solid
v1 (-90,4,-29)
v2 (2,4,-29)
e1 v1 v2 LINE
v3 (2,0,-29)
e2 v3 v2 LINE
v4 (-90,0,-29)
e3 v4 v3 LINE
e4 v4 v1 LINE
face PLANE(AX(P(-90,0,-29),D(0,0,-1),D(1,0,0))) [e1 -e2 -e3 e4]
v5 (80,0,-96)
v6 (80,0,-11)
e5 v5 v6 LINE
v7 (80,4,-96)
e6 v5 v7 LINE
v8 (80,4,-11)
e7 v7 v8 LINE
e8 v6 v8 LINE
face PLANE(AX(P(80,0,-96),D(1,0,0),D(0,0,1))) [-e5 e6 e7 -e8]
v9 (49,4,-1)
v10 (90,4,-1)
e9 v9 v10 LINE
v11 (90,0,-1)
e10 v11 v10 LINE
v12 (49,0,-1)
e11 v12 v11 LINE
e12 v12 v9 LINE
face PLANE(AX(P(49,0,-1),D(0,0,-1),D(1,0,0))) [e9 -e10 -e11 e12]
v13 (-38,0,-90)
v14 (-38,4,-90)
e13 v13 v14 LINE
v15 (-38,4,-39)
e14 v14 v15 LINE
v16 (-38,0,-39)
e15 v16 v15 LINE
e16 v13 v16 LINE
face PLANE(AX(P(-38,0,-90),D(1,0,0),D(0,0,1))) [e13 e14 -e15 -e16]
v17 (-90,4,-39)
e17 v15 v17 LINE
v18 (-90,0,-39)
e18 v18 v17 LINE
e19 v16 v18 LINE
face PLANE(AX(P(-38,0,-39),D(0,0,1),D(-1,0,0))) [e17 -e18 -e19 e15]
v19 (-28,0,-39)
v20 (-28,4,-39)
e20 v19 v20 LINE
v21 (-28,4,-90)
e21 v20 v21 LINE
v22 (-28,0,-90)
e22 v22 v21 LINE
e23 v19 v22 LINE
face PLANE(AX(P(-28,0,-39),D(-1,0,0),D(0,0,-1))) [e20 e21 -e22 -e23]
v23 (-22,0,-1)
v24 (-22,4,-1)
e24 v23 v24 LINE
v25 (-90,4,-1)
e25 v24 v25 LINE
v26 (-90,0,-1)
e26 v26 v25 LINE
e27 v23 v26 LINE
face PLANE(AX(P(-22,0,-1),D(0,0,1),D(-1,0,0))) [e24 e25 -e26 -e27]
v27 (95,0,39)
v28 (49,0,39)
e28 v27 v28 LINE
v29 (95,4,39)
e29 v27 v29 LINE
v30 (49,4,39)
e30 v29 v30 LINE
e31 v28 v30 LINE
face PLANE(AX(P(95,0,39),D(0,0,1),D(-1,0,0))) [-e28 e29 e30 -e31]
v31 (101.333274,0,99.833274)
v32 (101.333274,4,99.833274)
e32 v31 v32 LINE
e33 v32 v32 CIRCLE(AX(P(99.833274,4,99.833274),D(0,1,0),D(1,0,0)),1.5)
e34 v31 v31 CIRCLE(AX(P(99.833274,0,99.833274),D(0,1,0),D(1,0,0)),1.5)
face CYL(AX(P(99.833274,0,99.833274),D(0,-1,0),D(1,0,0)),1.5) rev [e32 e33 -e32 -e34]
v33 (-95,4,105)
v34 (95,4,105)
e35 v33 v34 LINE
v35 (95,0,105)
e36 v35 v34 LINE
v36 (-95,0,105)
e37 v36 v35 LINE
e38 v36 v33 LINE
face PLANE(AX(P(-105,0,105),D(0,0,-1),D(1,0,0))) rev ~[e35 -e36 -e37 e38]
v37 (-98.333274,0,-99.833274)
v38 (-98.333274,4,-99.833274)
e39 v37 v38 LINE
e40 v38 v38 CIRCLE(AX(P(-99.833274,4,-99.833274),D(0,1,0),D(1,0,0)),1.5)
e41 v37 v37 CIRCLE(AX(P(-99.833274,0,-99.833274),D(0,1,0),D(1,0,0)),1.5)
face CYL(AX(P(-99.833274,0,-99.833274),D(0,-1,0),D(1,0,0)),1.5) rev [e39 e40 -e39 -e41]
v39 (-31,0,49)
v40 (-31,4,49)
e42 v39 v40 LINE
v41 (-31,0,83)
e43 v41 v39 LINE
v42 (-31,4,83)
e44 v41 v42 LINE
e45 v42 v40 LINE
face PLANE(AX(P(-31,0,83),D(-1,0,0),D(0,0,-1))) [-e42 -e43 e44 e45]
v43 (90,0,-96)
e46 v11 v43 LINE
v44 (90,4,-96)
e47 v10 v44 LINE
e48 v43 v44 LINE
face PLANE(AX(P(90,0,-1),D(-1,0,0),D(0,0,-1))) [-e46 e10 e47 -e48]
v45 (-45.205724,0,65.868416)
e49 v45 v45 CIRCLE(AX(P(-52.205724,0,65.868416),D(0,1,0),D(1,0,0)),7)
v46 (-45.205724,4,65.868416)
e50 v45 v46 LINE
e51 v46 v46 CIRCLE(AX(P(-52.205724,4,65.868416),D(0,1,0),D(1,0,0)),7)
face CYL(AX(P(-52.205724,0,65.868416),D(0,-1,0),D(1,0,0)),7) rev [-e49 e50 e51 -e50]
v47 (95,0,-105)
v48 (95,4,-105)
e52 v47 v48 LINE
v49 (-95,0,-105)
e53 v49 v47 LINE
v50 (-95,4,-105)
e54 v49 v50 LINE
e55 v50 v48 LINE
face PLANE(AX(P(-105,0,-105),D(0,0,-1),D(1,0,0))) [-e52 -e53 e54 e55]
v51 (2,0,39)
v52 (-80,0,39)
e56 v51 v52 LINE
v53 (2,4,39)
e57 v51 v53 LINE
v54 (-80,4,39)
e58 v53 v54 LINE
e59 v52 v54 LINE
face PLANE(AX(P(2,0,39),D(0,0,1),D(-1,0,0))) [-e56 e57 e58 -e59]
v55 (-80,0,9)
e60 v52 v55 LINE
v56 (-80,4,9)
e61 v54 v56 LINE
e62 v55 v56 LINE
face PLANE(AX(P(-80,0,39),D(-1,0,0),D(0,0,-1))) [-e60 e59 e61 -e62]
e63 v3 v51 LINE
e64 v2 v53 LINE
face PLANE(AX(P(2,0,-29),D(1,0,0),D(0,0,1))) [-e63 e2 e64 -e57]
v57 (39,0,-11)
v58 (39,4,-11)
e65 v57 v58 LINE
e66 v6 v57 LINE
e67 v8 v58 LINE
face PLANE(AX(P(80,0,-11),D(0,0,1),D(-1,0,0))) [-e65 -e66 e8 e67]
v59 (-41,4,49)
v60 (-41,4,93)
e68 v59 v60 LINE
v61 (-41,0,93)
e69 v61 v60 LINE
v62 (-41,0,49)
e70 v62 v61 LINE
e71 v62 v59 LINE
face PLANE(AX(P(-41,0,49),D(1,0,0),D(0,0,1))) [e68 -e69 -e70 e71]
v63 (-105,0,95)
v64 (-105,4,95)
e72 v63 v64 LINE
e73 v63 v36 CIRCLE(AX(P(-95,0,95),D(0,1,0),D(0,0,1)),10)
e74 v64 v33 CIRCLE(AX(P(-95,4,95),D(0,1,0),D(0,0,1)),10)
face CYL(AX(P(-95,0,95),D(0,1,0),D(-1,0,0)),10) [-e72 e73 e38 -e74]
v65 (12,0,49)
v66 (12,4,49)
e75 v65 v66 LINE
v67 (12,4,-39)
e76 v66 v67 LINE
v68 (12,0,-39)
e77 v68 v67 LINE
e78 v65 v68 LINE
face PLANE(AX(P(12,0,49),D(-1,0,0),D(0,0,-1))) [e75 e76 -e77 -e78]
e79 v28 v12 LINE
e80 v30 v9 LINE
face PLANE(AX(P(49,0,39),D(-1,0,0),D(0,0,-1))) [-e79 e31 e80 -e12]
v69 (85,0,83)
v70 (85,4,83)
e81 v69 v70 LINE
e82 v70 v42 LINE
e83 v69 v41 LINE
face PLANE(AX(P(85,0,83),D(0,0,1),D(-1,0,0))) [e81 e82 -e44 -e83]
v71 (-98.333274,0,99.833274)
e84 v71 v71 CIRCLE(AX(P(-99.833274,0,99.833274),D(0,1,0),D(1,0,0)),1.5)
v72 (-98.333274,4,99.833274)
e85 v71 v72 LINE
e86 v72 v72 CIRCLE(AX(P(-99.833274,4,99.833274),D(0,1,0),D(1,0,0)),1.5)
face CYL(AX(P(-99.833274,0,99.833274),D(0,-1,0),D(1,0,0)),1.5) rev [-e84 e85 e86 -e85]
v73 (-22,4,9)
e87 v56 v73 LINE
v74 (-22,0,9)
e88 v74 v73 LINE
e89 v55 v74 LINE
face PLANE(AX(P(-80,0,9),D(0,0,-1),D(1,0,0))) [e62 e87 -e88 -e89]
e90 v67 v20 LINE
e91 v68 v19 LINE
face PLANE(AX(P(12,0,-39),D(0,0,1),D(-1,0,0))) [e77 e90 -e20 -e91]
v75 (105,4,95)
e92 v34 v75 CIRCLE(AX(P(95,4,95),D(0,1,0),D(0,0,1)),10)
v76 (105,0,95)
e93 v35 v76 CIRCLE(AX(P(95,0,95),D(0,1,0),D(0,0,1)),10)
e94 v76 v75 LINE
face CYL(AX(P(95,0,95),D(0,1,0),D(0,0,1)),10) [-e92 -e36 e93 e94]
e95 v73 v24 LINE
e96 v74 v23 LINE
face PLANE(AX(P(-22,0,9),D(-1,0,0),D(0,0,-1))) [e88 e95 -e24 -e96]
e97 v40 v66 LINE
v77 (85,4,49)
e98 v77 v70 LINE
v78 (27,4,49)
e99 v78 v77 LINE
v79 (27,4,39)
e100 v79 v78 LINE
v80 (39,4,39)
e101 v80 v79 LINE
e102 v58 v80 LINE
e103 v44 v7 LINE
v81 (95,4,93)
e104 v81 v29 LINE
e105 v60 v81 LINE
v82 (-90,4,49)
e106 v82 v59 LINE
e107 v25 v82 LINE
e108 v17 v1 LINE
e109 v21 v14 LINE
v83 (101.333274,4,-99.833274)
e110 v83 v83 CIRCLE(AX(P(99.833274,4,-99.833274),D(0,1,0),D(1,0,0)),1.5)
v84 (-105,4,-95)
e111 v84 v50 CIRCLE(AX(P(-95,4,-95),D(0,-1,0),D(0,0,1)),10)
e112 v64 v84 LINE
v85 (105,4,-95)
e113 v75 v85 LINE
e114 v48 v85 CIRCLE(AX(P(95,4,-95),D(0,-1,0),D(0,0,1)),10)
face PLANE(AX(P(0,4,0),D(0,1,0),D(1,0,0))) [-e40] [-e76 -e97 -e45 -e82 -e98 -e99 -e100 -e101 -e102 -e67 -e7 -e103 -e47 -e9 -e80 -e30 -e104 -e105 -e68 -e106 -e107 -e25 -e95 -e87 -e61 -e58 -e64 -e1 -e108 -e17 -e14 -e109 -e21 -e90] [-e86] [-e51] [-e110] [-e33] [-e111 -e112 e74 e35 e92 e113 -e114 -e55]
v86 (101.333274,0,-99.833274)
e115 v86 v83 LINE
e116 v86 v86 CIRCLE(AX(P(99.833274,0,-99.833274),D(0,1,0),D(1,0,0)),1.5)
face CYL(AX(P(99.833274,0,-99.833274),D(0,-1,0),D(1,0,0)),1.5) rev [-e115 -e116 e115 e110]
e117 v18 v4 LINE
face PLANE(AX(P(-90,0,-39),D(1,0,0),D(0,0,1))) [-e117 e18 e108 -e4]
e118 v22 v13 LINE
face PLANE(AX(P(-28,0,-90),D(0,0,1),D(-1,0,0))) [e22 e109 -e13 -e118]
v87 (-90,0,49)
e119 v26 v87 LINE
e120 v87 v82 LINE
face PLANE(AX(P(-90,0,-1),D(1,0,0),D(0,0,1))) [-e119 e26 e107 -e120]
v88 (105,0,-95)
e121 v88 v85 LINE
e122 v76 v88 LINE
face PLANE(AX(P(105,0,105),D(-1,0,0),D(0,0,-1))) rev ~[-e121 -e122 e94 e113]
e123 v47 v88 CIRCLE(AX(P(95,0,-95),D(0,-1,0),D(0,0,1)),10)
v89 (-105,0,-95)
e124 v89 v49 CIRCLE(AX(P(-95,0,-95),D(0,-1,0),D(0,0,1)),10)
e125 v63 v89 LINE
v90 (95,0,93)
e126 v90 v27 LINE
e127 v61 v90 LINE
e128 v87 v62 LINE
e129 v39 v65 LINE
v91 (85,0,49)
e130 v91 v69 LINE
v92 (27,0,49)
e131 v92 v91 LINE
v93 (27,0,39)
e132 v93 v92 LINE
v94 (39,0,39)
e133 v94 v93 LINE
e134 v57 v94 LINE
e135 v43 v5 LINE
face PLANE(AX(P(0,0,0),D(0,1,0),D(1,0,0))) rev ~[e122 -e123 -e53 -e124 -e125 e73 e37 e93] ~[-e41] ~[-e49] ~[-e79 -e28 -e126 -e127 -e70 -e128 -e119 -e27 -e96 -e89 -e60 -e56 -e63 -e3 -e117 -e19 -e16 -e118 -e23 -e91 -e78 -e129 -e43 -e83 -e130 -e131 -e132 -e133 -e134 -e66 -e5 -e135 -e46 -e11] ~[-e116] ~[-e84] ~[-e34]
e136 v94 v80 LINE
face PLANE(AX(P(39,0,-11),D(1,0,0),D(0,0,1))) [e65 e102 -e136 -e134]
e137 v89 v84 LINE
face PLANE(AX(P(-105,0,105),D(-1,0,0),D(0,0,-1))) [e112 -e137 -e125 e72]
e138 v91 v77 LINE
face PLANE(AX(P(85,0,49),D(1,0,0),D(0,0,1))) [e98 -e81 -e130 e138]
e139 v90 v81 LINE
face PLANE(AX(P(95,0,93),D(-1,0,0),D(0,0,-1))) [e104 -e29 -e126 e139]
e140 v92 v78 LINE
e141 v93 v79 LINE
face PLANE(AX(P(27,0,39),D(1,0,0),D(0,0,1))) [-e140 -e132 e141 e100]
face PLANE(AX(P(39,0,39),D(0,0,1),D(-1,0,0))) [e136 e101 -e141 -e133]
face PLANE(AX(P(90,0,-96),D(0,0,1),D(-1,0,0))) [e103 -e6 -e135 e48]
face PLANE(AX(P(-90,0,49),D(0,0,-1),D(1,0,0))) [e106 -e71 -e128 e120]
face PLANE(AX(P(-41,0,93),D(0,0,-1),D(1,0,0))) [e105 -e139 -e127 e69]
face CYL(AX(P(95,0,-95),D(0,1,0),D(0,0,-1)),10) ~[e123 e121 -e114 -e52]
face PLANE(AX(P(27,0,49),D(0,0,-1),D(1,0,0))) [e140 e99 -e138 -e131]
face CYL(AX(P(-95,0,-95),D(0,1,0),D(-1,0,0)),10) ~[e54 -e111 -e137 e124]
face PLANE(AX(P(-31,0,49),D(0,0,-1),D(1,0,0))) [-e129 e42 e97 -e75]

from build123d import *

# Parameters (mm, degrees)
SKETCH1_W         = 210
SKETCH1_H         = 210
MAINEXTRUDE_DEPTH = 4
SKETCH1_6_R       = 1.5
SCREWHOLES_DEPTH  = 4
ROUNDEDCORNERS_R  = 10
SKETCH3_R         = 7
TRENCH_DEPTH      = 4


with BuildPart() as part:
    # Sketch1 → MainExtrude (new body)
    with BuildSketch(Plane(origin=(0, 0, 0), x_dir=(1, 0, 0), z_dir=(0, 1, 0))):
        Rectangle(SKETCH1_W, SKETCH1_H)
    extrude(amount=MAINEXTRUDE_DEPTH)

    # Sketch1<6> → ScrewHoles (cut)
    with BuildSketch(Plane(origin=(0, 0, 0), x_dir=(1, 0, 0), z_dir=(0, 1, 0))):
        with Locations((-99.833273811, 99.833273811)):
            Circle(SKETCH1_6_R)
        with Locations((-99.833273811, -99.833273811)):
            Circle(SKETCH1_6_R)
        with Locations((99.833273811, -99.833273811)):
            Circle(SKETCH1_6_R)
        with Locations((99.833273811, 99.833273811)):
            Circle(SKETCH1_6_R)
    extrude(amount=SCREWHOLES_DEPTH, mode=Mode.SUBTRACT)

    # RoundedCorners
    roundedcorners_edges = [part.edges().sort_by_distance(p)[0] for p in [
        (-105, 2, -105),
        (-105, 2, 105),
        (105, 2, 105),
        (105, 2, -105),
    ]]
    fillet(roundedcorners_edges, radius=ROUNDEDCORNERS_R)

    # Sketch3 → Trench (cut)
    with BuildSketch(Plane(origin=(0, 0, 0), x_dir=(1, 0, 0), z_dir=(0, 1, 0))):
        with Locations((-52.205723714, -65.868416485)):
            Circle(SKETCH3_R)
        Polygon((-38, 90), (-38, 39), (-90, 39), (-90, 29), (2, 29), (2, -39), (-80, -39), (-80, -9), (-22, -9), (-22, 1), (-90, 1), (-90, -49), (-41, -49), (-41, -93), (95, -93), (95, -39), (49, -39), (49, 1), (90, 1), (90, 96), (80, 96), (80, 11), (39, 11), (39, -39), (27, -39), (27, -49), (85, -49), (85, -83), (-31, -83), (-31, -49), (12, -49), (12, 39), (-28, 39), (-28, 90), align=None)
    extrude(amount=TRENCH_DEPTH, mode=Mode.SUBTRACT)


solid = part.part
